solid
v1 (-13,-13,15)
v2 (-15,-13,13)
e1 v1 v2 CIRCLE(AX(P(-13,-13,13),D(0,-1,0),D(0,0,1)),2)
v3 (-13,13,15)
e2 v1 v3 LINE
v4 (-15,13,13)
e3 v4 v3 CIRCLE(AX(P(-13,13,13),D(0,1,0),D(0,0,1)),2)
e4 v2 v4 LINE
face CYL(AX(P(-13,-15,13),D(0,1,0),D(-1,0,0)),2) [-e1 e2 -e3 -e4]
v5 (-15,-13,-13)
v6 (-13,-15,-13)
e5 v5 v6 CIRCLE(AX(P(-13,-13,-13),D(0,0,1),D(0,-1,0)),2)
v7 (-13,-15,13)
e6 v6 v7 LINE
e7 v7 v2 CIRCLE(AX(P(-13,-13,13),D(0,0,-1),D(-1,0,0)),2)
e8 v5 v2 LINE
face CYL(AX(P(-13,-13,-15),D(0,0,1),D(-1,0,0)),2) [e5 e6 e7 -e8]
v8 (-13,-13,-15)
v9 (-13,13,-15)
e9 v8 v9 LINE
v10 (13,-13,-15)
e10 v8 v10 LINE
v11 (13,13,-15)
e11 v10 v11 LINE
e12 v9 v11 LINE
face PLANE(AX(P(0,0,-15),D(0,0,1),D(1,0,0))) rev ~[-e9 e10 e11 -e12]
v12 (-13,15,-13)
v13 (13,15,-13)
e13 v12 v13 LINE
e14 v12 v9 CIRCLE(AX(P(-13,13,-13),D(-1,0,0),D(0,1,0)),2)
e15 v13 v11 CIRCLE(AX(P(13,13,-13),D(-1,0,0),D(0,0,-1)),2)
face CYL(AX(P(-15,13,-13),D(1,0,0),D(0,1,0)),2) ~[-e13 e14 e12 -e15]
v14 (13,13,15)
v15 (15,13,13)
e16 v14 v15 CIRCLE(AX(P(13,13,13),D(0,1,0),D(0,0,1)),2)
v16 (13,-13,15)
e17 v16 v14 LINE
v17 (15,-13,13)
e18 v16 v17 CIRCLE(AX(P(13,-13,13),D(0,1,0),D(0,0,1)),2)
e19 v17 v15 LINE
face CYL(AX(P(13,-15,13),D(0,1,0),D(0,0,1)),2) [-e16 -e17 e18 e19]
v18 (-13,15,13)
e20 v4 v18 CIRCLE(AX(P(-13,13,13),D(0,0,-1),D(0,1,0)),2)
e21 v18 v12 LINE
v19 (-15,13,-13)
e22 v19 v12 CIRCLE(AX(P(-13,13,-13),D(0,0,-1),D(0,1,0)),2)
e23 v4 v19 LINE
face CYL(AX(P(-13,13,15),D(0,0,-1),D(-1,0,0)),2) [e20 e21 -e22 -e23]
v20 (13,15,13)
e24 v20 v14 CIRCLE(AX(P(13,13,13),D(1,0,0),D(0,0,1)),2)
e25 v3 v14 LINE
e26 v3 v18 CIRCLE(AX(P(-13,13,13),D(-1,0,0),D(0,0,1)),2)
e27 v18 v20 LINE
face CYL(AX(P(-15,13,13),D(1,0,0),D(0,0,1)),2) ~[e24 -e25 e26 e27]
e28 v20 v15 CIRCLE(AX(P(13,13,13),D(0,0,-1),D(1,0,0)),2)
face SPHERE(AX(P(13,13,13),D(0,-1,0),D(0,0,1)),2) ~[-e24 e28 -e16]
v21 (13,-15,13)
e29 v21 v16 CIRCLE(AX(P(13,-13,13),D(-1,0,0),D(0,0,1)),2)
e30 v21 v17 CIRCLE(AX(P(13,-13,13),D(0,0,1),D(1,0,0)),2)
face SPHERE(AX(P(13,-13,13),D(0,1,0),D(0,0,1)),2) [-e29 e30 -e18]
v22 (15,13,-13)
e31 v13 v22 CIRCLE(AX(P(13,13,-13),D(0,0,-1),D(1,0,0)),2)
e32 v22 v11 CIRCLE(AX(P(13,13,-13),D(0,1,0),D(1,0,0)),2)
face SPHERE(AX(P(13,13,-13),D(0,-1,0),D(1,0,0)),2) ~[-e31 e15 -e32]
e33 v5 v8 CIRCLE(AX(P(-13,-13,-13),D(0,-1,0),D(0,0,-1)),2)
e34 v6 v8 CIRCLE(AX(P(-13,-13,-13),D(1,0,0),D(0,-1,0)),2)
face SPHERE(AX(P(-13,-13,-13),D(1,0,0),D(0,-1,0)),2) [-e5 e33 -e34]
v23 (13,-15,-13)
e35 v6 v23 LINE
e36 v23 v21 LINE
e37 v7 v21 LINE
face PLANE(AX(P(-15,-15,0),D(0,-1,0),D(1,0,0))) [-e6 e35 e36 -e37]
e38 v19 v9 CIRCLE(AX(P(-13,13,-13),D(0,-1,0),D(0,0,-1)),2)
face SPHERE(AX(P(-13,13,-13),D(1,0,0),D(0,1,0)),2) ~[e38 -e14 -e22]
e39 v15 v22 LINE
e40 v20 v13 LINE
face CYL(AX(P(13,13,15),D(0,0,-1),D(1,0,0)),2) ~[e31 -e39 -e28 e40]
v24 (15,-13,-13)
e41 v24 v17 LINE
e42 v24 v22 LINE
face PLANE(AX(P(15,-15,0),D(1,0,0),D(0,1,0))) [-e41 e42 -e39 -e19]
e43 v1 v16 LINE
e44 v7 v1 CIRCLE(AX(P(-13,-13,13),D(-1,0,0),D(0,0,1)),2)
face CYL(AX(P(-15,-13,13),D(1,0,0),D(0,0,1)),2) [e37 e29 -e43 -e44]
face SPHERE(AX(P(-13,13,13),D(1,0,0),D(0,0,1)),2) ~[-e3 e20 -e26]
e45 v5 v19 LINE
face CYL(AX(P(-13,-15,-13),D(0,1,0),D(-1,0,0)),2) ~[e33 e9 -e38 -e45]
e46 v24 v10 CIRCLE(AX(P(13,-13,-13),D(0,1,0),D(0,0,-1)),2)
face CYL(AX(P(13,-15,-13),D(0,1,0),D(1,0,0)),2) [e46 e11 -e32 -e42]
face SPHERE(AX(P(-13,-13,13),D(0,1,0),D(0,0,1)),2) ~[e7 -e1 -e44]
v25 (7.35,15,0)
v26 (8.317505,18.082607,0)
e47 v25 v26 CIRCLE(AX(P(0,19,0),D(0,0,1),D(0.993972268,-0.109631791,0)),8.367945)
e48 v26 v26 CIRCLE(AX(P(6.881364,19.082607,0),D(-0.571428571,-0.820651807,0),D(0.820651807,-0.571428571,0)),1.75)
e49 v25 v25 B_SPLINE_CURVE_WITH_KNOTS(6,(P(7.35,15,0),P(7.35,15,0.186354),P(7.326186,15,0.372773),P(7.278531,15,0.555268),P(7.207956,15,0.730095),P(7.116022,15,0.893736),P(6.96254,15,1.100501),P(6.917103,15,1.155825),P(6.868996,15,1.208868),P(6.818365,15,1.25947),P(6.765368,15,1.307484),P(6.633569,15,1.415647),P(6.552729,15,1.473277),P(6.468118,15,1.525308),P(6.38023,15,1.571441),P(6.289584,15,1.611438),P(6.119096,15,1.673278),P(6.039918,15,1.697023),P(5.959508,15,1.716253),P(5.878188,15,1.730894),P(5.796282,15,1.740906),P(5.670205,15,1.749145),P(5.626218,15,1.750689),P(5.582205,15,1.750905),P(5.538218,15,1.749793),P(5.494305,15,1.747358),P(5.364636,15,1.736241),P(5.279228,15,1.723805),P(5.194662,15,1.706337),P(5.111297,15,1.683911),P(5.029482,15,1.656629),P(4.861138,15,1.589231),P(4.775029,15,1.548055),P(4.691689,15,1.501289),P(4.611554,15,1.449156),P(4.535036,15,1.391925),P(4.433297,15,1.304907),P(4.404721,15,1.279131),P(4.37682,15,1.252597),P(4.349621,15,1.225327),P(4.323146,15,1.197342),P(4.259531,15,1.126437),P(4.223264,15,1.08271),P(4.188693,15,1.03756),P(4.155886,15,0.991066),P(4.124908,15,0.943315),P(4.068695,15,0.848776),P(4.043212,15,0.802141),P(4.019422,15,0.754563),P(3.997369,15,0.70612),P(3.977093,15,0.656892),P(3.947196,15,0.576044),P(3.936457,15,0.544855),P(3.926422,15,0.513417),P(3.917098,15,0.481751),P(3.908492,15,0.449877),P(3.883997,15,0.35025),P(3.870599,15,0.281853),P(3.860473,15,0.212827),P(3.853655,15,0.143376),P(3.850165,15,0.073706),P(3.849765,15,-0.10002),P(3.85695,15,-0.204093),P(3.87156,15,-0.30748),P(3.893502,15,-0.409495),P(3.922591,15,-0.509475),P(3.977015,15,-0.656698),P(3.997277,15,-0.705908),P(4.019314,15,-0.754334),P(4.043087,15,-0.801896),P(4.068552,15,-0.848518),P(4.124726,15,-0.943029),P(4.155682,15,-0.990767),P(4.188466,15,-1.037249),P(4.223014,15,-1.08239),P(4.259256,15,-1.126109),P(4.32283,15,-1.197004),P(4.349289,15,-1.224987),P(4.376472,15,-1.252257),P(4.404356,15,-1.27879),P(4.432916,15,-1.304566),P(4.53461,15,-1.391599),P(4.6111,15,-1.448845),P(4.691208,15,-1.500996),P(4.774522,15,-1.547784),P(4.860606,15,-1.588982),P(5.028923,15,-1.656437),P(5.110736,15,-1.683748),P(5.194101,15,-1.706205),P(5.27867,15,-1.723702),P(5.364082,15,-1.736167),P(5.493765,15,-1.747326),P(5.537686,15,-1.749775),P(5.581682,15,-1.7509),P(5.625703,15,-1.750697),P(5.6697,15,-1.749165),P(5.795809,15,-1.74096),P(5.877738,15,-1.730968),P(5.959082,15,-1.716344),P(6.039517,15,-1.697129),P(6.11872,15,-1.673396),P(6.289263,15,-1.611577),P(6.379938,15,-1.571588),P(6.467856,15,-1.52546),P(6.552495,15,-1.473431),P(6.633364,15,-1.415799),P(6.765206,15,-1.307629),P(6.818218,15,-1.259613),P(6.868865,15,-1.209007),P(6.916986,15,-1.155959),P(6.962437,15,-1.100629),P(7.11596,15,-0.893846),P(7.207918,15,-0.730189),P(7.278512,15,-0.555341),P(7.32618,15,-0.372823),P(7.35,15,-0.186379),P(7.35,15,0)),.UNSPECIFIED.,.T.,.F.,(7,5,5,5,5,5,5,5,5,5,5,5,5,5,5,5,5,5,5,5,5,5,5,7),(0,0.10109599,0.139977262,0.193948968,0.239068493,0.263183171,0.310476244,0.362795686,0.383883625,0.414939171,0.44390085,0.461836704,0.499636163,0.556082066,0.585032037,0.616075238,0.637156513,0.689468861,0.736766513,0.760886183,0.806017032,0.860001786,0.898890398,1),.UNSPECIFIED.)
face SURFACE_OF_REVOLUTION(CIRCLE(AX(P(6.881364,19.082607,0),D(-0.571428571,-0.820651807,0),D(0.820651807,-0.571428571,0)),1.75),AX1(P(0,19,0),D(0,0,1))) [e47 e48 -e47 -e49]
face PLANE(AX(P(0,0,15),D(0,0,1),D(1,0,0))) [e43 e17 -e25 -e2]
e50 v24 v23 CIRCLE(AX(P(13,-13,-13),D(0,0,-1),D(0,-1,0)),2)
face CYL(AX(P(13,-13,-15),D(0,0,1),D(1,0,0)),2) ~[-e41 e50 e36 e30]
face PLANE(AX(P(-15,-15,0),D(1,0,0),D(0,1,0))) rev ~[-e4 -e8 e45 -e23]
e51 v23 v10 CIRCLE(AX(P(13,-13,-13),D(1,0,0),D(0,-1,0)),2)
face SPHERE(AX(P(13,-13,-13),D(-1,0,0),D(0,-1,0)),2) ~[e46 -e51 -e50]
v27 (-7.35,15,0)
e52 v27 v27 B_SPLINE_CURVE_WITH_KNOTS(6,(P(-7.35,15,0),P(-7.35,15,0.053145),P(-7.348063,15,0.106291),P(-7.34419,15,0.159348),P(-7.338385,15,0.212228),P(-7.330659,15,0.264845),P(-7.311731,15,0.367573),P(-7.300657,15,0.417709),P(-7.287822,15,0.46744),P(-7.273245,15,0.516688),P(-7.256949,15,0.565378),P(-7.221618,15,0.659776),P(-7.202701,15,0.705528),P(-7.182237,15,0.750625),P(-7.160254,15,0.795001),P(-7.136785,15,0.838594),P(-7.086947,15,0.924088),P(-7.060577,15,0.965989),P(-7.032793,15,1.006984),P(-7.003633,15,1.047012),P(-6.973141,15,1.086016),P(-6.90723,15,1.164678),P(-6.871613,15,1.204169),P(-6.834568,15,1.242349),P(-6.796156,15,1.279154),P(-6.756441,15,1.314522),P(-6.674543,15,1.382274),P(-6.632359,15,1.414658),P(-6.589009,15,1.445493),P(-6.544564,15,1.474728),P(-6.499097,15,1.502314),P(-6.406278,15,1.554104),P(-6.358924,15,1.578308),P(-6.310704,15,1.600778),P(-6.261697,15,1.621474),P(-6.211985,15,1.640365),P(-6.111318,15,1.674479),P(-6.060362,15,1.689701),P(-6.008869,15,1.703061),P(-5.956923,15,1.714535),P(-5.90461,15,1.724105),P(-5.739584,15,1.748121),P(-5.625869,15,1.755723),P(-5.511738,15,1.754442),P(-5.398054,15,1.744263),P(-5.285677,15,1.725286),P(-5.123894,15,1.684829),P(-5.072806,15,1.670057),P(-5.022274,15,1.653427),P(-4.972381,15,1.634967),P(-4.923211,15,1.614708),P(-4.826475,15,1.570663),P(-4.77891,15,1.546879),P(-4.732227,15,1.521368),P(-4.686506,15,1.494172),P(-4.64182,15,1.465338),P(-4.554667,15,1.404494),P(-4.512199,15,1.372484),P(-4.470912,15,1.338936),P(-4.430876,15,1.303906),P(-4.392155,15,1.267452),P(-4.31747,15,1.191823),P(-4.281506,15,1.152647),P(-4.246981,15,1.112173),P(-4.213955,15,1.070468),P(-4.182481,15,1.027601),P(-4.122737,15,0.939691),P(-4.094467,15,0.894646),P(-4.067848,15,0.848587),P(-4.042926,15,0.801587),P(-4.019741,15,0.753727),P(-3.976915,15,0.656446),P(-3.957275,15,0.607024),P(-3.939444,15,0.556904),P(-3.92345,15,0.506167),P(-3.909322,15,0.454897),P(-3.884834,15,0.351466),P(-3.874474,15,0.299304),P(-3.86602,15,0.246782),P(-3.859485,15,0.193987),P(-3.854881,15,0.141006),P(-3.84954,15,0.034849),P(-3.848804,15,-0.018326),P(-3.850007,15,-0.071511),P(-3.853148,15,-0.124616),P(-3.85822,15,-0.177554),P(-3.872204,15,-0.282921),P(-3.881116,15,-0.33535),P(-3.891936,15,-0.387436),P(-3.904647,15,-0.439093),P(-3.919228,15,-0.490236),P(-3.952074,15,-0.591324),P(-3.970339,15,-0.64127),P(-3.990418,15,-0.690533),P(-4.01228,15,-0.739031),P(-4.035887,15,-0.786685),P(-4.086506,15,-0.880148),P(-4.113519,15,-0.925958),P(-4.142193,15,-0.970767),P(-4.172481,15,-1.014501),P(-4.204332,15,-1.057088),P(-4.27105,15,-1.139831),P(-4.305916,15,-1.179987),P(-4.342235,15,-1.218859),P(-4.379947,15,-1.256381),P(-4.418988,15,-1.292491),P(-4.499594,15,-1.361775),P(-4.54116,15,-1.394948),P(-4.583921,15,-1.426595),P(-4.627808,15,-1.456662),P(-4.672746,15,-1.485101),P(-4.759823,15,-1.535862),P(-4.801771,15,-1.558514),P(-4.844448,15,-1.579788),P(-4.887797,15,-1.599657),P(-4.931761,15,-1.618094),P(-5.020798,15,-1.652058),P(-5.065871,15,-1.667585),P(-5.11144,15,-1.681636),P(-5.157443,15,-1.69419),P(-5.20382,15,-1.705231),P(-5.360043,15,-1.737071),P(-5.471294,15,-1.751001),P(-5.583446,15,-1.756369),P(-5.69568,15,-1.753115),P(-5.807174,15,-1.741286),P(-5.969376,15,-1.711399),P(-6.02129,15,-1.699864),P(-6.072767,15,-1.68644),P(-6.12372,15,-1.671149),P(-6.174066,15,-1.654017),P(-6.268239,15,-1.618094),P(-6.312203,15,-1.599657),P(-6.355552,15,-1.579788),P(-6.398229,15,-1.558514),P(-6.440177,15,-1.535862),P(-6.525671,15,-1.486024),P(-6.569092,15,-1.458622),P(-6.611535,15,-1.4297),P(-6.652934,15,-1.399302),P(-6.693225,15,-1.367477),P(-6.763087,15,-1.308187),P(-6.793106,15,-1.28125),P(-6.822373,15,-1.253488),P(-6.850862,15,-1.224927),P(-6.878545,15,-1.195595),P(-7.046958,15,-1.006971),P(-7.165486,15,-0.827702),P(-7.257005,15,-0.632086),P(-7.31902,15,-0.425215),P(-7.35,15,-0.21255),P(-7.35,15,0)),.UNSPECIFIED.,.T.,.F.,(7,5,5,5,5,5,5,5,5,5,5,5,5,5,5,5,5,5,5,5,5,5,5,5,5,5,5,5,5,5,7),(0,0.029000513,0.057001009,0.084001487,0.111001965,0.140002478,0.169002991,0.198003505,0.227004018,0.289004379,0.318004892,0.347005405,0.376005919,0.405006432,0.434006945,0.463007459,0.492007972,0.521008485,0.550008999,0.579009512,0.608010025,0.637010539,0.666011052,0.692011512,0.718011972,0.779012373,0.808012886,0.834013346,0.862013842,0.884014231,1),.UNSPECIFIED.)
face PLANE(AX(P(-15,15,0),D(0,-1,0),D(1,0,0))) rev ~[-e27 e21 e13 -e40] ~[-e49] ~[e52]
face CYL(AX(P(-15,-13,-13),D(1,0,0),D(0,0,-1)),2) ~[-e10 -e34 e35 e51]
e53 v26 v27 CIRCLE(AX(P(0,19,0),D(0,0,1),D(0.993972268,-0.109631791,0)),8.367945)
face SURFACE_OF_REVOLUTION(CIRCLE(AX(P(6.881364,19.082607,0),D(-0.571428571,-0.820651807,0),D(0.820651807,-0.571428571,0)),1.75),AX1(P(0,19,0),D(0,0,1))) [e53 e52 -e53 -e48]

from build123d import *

# Parameters (mm, degrees)
F0_W     = 30
F0_H     = 30
F1_DEPTH = 15
F2_R     = 2
F4_R     = 1.75


with BuildPart() as f1:
    # F0 (on Top) → F1 (new body, symmetric)
    with BuildSketch(Plane.XY):
        Rectangle(F0_W, F0_H)
    extrude(amount=F1_DEPTH, both=True)

    # F2
    f2_edges = [f1.edges().sort_by_distance(p)[0] for p in [
        (15, 0, 15),
        (0, 15, 15),
        (-15, 0, 15),
        (0, -15, 15),
        (0, -15, -15),
        (15, -15, 0),
        (-15, -15, 0),
        (15, 0, -15),
        (15, 15, 0),
        (0, 15, -15),
        (-15, 15, 0),
        (-15, 0, -15),
    ]]
    fillet(f2_edges, radius=F2_R)

    # F5: sweep along a path in F3
    with BuildLine(Plane.XY) as f5_path:
        CenterArc((0, 19), 7, 0, 360)
    # F4 (on face) → F5 (sweep)
    with BuildSketch(Plane(origin=(0, 15, 0), x_dir=(-1, 0, 0), z_dir=(0, 1, 0))):
        with Locations((5.6, 0)):
            Circle(F4_R)
    sweep(path=f5_path.line)


solid = f1.part
